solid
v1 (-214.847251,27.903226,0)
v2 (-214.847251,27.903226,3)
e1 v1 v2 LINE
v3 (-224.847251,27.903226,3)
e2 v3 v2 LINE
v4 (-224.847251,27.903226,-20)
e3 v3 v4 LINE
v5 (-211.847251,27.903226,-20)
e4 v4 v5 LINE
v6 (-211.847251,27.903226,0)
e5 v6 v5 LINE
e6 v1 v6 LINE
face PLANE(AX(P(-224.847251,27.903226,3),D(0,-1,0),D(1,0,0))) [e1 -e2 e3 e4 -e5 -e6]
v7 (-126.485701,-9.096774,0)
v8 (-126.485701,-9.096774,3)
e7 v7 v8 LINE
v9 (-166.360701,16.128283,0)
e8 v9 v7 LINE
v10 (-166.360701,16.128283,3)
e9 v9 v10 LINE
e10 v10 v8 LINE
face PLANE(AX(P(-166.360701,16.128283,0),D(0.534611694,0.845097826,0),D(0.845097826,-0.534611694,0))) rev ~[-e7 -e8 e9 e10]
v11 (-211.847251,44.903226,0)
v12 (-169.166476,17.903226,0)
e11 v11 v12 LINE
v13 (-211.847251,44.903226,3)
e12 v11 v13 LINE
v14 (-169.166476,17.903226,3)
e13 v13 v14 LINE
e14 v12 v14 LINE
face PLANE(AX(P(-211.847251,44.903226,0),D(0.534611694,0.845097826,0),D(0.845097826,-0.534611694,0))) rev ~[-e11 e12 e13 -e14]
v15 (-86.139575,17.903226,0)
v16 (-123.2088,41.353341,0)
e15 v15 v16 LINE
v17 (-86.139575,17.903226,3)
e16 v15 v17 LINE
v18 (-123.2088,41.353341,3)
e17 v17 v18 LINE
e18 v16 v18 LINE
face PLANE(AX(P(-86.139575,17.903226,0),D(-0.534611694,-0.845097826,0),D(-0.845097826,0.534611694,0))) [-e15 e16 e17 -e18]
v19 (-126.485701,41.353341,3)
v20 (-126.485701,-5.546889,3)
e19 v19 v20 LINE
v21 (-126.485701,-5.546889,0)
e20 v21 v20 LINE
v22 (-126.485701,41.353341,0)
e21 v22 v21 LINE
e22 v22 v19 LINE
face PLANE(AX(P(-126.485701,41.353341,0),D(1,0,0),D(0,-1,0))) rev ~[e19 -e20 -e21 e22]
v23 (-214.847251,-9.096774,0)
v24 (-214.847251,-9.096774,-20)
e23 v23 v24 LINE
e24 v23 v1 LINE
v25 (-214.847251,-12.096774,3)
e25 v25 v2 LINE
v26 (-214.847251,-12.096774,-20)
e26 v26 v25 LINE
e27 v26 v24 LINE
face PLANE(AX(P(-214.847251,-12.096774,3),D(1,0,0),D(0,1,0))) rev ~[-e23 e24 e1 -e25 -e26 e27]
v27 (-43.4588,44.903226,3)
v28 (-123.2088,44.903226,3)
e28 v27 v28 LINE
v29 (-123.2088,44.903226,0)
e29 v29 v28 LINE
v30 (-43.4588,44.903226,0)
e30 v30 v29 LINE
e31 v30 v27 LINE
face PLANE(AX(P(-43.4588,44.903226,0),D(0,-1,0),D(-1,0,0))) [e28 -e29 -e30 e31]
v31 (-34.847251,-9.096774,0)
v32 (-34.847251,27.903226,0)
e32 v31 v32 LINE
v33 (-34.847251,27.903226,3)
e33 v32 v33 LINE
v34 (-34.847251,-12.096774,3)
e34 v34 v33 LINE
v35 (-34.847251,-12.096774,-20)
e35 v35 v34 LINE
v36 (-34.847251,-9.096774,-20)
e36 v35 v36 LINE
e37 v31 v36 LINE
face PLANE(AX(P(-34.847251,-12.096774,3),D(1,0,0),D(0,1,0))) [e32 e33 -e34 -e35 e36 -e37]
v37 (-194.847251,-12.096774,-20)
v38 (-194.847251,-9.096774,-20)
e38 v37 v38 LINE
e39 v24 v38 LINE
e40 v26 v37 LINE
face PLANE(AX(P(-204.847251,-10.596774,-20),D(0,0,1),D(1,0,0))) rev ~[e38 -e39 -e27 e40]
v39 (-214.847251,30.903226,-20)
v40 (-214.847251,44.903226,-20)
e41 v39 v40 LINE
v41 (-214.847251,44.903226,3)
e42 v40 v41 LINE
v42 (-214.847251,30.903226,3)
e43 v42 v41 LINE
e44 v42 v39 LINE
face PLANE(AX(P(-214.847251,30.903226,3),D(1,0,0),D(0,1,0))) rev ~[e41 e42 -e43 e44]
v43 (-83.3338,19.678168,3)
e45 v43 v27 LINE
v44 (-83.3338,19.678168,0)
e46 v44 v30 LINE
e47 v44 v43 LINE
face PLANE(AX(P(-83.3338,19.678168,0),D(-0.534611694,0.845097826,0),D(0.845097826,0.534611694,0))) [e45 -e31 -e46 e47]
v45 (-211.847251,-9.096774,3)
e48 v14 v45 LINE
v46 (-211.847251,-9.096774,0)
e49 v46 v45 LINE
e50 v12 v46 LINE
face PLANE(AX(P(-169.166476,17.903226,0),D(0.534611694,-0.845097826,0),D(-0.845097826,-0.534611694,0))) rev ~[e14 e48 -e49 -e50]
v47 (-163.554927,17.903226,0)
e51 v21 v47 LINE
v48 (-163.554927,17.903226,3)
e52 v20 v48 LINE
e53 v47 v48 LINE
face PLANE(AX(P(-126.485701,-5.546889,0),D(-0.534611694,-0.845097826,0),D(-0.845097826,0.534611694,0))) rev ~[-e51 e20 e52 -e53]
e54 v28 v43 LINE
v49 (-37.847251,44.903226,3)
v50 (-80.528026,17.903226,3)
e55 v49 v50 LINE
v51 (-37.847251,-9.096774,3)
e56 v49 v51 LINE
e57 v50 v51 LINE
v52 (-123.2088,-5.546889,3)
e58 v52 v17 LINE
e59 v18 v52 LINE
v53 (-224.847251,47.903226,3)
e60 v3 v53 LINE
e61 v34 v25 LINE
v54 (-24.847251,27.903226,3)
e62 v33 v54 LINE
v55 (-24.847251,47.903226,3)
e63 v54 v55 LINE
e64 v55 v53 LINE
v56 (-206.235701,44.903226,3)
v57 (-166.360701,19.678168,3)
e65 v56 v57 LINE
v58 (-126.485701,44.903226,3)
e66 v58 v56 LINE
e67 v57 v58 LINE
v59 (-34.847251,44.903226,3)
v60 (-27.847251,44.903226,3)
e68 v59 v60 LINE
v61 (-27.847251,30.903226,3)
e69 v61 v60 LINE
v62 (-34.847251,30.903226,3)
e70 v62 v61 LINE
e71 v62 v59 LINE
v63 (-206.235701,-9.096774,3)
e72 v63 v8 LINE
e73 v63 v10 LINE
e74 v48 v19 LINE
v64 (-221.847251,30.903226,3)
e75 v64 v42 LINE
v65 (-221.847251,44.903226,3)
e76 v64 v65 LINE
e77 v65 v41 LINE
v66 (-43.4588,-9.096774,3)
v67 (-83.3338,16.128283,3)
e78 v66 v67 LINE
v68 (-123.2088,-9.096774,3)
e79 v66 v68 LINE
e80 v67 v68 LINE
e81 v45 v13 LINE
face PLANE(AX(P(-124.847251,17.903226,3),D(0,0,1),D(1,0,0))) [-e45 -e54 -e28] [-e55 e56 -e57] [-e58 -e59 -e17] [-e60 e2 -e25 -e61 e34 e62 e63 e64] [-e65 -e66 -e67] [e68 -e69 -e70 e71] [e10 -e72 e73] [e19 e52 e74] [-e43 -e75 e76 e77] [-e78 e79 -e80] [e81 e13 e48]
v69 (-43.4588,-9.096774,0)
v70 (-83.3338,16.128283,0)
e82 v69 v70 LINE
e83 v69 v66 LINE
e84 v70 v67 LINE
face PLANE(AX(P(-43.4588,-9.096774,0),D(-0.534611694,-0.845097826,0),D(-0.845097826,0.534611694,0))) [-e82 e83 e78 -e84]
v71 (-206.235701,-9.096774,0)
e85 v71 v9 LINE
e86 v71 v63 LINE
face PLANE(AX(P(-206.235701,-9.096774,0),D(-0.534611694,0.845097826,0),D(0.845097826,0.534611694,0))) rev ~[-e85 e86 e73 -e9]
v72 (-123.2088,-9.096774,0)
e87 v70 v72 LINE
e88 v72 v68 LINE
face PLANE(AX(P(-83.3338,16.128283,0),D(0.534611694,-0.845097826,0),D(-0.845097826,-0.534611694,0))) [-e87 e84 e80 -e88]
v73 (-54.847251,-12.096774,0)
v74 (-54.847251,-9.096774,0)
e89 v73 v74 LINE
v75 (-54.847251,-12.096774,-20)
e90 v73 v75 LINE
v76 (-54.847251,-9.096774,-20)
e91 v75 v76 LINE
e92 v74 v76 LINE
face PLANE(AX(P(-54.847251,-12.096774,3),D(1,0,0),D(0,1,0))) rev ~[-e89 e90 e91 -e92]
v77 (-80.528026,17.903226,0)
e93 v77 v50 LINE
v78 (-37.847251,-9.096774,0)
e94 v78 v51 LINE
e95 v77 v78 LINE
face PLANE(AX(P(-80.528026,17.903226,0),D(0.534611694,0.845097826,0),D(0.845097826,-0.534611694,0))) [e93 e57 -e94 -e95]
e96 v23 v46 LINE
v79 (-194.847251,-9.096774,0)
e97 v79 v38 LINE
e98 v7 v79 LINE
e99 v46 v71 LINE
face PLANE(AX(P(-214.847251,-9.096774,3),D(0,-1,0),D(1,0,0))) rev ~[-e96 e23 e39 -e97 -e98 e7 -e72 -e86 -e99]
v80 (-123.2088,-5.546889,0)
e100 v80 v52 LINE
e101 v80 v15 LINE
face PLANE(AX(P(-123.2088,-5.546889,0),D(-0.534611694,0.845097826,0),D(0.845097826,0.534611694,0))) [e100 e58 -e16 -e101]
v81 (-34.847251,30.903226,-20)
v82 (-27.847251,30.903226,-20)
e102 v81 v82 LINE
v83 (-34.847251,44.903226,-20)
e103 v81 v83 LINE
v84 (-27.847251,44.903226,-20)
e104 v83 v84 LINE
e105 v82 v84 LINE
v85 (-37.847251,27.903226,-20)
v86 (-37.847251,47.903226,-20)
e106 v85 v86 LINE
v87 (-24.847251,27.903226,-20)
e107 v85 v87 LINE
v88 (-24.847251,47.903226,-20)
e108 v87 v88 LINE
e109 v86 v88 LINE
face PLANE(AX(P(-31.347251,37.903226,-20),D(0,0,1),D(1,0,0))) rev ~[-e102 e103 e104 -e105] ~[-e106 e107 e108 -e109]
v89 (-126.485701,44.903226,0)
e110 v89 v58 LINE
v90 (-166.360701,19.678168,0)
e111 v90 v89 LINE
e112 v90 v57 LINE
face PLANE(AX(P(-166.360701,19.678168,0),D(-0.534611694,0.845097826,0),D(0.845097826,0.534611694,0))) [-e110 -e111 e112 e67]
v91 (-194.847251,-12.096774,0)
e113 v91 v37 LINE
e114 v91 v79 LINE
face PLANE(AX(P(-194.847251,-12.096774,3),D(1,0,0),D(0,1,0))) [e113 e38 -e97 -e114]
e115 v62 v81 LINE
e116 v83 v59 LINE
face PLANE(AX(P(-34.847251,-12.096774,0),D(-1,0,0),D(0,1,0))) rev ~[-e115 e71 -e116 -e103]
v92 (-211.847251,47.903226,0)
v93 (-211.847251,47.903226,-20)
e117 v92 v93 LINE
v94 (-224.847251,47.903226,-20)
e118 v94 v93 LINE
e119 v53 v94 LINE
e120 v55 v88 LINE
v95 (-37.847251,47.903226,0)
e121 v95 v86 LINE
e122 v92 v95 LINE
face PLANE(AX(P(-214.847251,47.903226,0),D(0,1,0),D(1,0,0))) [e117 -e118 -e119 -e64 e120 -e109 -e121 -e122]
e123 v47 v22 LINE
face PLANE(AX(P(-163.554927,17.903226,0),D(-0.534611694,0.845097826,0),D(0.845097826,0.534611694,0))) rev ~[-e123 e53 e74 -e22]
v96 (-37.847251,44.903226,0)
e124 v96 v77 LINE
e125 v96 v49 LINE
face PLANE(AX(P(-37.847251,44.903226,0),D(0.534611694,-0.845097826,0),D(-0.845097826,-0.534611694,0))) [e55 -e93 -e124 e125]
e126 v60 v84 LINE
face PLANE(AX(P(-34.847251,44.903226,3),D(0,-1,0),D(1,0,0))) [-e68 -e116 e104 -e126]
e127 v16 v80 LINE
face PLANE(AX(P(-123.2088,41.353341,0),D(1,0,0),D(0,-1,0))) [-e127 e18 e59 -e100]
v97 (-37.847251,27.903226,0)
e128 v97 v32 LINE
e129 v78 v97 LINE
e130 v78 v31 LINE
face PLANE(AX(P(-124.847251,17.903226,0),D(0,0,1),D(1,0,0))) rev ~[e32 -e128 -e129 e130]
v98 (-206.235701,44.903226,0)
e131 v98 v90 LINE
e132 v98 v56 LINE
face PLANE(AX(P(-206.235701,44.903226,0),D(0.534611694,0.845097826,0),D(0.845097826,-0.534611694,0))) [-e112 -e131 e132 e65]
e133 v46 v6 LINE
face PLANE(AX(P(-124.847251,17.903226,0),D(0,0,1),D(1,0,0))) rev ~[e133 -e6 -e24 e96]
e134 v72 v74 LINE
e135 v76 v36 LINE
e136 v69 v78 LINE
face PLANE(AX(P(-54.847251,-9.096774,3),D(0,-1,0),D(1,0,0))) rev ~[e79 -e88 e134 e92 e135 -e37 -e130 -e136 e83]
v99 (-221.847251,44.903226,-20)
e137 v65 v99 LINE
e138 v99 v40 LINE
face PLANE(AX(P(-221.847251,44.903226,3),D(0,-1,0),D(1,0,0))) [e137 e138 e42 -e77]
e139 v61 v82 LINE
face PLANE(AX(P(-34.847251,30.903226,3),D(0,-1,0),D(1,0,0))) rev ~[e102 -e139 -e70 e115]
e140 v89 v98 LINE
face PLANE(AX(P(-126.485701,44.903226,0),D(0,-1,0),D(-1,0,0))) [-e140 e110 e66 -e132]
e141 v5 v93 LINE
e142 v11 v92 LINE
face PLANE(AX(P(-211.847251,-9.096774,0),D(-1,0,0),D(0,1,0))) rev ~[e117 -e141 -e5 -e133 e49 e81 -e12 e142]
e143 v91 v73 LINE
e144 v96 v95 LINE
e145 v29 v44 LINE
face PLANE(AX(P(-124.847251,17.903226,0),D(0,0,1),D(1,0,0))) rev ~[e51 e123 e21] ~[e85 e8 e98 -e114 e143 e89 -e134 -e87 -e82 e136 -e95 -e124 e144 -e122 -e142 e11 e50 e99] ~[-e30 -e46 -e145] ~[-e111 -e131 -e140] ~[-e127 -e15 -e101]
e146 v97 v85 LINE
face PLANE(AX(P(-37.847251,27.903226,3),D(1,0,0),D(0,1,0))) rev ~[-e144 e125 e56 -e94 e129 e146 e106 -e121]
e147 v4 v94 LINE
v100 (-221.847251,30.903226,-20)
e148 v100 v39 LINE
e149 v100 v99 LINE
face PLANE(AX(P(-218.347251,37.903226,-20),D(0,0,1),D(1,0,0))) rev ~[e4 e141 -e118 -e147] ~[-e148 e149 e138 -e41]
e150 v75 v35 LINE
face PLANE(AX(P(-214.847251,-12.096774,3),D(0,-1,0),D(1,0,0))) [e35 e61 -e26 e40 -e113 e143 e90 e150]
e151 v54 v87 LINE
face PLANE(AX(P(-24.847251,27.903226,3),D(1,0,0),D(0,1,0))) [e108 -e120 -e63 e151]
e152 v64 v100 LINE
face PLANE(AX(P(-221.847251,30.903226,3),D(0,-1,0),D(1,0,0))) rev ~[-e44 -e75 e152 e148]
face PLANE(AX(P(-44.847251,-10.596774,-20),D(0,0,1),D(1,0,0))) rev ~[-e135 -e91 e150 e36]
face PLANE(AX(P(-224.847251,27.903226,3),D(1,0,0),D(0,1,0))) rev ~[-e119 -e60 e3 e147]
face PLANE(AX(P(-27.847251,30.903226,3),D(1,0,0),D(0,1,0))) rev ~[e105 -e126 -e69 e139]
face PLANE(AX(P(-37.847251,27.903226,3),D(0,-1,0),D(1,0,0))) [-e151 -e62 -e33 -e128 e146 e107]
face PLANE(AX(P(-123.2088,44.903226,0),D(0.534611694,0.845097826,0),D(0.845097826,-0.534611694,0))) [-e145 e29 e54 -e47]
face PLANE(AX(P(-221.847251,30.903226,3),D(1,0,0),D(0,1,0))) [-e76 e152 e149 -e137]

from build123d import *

# Parameters (mm, degrees)
CROQUIS1_W              = 180
CROQUIS1_H              = 60
SALIENTE_EXTRUIR1_DEPTH = 3
CROQUIS2_W              = 20
CROQUIS2_H              = 3
CROQUIS2_W_2            = 13
CROQUIS2_H_2            = 20
CROQUIS2_W_3            = 7
CROQUIS2_H_3            = 14
SALIENTE_EXTRUIR2_DEPTH = 23


with BuildPart() as part:
    # Croquis1 → Saliente-Extruir1 (new body)
    with BuildSketch(Plane.XY):
        with Locations((-124.847250917, 17.903225806)):
            Rectangle(CROQUIS1_W, CROQUIS1_H)
        Polygon((-43.458800443, 44.903225806), (-123.208800443, 44.903225806), (-83.333800443, 19.678168249), align=None, mode=Mode.SUBTRACT)
        Polygon((-123.208800443, 41.353340922), (-123.208800443, -5.546889309), (-86.139575206, 17.903225806), align=None, mode=Mode.SUBTRACT)
        Polygon((-166.360701391, 19.678168249), (-126.485701391, 44.903225806), (-206.235701391, 44.903225806), align=None, mode=Mode.SUBTRACT)
        Polygon((-211.847250917, 44.903225806), (-169.166476154, 17.903225806), (-211.847250917, -9.096774194), align=None, mode=Mode.SUBTRACT)
        Polygon((-206.235701391, -9.096774194), (-166.360701391, 16.128283364), (-126.485701391, -9.096774194), align=None, mode=Mode.SUBTRACT)
        Polygon((-126.485701391, -5.546889309), (-163.554926629, 17.903225806), (-126.485701391, 41.353340922), align=None, mode=Mode.SUBTRACT)
        Polygon((-43.458800443, -9.096774194), (-83.333800443, 16.128283364), (-123.208800443, -9.096774194), align=None, mode=Mode.SUBTRACT)
        Polygon((-37.847250917, 44.903225806), (-80.52802568, 17.903225806), (-37.847250917, -9.096774194), align=None, mode=Mode.SUBTRACT)
    extrude(amount=SALIENTE_EXTRUIR1_DEPTH)

    # Croquis2 → Saliente-Extruir2 (add)
    # profile 1 of 4: a face of its own
    with BuildSketch(Plane.XY.offset(3)):
        with Locations((-204.847250917, -10.596774194)):
            Rectangle(CROQUIS2_W, CROQUIS2_H)
    # profile 2 of 4: a face of its own
    with BuildSketch(Plane.XY.offset(3)):
        with Locations((-218.347250917, 37.903225806)):
            Rectangle(CROQUIS2_W_2, CROQUIS2_H_2)
        with Locations((-218.347250917, 37.903225806)):
            Rectangle(CROQUIS2_W_3, CROQUIS2_H_3, mode=Mode.SUBTRACT)
    # profile 3 of 4: a face of its own
    with BuildSketch(Plane.XY.offset(3)):
        with Locations((-31.347250917, 37.903225806)):
            Rectangle(CROQUIS2_W_2, CROQUIS2_H_2)
        with Locations((-31.347250917, 37.903225806)):
            Rectangle(CROQUIS2_W_3, CROQUIS2_H_3, mode=Mode.SUBTRACT)
    # profile 4 of 4: a face of its own
    with BuildSketch(Plane.XY.offset(3)):
        with Locations((-44.847250917, -10.596774194)):
            Rectangle(CROQUIS2_W, CROQUIS2_H)
    extrude(amount=-SALIENTE_EXTRUIR2_DEPTH)


solid = part.part
